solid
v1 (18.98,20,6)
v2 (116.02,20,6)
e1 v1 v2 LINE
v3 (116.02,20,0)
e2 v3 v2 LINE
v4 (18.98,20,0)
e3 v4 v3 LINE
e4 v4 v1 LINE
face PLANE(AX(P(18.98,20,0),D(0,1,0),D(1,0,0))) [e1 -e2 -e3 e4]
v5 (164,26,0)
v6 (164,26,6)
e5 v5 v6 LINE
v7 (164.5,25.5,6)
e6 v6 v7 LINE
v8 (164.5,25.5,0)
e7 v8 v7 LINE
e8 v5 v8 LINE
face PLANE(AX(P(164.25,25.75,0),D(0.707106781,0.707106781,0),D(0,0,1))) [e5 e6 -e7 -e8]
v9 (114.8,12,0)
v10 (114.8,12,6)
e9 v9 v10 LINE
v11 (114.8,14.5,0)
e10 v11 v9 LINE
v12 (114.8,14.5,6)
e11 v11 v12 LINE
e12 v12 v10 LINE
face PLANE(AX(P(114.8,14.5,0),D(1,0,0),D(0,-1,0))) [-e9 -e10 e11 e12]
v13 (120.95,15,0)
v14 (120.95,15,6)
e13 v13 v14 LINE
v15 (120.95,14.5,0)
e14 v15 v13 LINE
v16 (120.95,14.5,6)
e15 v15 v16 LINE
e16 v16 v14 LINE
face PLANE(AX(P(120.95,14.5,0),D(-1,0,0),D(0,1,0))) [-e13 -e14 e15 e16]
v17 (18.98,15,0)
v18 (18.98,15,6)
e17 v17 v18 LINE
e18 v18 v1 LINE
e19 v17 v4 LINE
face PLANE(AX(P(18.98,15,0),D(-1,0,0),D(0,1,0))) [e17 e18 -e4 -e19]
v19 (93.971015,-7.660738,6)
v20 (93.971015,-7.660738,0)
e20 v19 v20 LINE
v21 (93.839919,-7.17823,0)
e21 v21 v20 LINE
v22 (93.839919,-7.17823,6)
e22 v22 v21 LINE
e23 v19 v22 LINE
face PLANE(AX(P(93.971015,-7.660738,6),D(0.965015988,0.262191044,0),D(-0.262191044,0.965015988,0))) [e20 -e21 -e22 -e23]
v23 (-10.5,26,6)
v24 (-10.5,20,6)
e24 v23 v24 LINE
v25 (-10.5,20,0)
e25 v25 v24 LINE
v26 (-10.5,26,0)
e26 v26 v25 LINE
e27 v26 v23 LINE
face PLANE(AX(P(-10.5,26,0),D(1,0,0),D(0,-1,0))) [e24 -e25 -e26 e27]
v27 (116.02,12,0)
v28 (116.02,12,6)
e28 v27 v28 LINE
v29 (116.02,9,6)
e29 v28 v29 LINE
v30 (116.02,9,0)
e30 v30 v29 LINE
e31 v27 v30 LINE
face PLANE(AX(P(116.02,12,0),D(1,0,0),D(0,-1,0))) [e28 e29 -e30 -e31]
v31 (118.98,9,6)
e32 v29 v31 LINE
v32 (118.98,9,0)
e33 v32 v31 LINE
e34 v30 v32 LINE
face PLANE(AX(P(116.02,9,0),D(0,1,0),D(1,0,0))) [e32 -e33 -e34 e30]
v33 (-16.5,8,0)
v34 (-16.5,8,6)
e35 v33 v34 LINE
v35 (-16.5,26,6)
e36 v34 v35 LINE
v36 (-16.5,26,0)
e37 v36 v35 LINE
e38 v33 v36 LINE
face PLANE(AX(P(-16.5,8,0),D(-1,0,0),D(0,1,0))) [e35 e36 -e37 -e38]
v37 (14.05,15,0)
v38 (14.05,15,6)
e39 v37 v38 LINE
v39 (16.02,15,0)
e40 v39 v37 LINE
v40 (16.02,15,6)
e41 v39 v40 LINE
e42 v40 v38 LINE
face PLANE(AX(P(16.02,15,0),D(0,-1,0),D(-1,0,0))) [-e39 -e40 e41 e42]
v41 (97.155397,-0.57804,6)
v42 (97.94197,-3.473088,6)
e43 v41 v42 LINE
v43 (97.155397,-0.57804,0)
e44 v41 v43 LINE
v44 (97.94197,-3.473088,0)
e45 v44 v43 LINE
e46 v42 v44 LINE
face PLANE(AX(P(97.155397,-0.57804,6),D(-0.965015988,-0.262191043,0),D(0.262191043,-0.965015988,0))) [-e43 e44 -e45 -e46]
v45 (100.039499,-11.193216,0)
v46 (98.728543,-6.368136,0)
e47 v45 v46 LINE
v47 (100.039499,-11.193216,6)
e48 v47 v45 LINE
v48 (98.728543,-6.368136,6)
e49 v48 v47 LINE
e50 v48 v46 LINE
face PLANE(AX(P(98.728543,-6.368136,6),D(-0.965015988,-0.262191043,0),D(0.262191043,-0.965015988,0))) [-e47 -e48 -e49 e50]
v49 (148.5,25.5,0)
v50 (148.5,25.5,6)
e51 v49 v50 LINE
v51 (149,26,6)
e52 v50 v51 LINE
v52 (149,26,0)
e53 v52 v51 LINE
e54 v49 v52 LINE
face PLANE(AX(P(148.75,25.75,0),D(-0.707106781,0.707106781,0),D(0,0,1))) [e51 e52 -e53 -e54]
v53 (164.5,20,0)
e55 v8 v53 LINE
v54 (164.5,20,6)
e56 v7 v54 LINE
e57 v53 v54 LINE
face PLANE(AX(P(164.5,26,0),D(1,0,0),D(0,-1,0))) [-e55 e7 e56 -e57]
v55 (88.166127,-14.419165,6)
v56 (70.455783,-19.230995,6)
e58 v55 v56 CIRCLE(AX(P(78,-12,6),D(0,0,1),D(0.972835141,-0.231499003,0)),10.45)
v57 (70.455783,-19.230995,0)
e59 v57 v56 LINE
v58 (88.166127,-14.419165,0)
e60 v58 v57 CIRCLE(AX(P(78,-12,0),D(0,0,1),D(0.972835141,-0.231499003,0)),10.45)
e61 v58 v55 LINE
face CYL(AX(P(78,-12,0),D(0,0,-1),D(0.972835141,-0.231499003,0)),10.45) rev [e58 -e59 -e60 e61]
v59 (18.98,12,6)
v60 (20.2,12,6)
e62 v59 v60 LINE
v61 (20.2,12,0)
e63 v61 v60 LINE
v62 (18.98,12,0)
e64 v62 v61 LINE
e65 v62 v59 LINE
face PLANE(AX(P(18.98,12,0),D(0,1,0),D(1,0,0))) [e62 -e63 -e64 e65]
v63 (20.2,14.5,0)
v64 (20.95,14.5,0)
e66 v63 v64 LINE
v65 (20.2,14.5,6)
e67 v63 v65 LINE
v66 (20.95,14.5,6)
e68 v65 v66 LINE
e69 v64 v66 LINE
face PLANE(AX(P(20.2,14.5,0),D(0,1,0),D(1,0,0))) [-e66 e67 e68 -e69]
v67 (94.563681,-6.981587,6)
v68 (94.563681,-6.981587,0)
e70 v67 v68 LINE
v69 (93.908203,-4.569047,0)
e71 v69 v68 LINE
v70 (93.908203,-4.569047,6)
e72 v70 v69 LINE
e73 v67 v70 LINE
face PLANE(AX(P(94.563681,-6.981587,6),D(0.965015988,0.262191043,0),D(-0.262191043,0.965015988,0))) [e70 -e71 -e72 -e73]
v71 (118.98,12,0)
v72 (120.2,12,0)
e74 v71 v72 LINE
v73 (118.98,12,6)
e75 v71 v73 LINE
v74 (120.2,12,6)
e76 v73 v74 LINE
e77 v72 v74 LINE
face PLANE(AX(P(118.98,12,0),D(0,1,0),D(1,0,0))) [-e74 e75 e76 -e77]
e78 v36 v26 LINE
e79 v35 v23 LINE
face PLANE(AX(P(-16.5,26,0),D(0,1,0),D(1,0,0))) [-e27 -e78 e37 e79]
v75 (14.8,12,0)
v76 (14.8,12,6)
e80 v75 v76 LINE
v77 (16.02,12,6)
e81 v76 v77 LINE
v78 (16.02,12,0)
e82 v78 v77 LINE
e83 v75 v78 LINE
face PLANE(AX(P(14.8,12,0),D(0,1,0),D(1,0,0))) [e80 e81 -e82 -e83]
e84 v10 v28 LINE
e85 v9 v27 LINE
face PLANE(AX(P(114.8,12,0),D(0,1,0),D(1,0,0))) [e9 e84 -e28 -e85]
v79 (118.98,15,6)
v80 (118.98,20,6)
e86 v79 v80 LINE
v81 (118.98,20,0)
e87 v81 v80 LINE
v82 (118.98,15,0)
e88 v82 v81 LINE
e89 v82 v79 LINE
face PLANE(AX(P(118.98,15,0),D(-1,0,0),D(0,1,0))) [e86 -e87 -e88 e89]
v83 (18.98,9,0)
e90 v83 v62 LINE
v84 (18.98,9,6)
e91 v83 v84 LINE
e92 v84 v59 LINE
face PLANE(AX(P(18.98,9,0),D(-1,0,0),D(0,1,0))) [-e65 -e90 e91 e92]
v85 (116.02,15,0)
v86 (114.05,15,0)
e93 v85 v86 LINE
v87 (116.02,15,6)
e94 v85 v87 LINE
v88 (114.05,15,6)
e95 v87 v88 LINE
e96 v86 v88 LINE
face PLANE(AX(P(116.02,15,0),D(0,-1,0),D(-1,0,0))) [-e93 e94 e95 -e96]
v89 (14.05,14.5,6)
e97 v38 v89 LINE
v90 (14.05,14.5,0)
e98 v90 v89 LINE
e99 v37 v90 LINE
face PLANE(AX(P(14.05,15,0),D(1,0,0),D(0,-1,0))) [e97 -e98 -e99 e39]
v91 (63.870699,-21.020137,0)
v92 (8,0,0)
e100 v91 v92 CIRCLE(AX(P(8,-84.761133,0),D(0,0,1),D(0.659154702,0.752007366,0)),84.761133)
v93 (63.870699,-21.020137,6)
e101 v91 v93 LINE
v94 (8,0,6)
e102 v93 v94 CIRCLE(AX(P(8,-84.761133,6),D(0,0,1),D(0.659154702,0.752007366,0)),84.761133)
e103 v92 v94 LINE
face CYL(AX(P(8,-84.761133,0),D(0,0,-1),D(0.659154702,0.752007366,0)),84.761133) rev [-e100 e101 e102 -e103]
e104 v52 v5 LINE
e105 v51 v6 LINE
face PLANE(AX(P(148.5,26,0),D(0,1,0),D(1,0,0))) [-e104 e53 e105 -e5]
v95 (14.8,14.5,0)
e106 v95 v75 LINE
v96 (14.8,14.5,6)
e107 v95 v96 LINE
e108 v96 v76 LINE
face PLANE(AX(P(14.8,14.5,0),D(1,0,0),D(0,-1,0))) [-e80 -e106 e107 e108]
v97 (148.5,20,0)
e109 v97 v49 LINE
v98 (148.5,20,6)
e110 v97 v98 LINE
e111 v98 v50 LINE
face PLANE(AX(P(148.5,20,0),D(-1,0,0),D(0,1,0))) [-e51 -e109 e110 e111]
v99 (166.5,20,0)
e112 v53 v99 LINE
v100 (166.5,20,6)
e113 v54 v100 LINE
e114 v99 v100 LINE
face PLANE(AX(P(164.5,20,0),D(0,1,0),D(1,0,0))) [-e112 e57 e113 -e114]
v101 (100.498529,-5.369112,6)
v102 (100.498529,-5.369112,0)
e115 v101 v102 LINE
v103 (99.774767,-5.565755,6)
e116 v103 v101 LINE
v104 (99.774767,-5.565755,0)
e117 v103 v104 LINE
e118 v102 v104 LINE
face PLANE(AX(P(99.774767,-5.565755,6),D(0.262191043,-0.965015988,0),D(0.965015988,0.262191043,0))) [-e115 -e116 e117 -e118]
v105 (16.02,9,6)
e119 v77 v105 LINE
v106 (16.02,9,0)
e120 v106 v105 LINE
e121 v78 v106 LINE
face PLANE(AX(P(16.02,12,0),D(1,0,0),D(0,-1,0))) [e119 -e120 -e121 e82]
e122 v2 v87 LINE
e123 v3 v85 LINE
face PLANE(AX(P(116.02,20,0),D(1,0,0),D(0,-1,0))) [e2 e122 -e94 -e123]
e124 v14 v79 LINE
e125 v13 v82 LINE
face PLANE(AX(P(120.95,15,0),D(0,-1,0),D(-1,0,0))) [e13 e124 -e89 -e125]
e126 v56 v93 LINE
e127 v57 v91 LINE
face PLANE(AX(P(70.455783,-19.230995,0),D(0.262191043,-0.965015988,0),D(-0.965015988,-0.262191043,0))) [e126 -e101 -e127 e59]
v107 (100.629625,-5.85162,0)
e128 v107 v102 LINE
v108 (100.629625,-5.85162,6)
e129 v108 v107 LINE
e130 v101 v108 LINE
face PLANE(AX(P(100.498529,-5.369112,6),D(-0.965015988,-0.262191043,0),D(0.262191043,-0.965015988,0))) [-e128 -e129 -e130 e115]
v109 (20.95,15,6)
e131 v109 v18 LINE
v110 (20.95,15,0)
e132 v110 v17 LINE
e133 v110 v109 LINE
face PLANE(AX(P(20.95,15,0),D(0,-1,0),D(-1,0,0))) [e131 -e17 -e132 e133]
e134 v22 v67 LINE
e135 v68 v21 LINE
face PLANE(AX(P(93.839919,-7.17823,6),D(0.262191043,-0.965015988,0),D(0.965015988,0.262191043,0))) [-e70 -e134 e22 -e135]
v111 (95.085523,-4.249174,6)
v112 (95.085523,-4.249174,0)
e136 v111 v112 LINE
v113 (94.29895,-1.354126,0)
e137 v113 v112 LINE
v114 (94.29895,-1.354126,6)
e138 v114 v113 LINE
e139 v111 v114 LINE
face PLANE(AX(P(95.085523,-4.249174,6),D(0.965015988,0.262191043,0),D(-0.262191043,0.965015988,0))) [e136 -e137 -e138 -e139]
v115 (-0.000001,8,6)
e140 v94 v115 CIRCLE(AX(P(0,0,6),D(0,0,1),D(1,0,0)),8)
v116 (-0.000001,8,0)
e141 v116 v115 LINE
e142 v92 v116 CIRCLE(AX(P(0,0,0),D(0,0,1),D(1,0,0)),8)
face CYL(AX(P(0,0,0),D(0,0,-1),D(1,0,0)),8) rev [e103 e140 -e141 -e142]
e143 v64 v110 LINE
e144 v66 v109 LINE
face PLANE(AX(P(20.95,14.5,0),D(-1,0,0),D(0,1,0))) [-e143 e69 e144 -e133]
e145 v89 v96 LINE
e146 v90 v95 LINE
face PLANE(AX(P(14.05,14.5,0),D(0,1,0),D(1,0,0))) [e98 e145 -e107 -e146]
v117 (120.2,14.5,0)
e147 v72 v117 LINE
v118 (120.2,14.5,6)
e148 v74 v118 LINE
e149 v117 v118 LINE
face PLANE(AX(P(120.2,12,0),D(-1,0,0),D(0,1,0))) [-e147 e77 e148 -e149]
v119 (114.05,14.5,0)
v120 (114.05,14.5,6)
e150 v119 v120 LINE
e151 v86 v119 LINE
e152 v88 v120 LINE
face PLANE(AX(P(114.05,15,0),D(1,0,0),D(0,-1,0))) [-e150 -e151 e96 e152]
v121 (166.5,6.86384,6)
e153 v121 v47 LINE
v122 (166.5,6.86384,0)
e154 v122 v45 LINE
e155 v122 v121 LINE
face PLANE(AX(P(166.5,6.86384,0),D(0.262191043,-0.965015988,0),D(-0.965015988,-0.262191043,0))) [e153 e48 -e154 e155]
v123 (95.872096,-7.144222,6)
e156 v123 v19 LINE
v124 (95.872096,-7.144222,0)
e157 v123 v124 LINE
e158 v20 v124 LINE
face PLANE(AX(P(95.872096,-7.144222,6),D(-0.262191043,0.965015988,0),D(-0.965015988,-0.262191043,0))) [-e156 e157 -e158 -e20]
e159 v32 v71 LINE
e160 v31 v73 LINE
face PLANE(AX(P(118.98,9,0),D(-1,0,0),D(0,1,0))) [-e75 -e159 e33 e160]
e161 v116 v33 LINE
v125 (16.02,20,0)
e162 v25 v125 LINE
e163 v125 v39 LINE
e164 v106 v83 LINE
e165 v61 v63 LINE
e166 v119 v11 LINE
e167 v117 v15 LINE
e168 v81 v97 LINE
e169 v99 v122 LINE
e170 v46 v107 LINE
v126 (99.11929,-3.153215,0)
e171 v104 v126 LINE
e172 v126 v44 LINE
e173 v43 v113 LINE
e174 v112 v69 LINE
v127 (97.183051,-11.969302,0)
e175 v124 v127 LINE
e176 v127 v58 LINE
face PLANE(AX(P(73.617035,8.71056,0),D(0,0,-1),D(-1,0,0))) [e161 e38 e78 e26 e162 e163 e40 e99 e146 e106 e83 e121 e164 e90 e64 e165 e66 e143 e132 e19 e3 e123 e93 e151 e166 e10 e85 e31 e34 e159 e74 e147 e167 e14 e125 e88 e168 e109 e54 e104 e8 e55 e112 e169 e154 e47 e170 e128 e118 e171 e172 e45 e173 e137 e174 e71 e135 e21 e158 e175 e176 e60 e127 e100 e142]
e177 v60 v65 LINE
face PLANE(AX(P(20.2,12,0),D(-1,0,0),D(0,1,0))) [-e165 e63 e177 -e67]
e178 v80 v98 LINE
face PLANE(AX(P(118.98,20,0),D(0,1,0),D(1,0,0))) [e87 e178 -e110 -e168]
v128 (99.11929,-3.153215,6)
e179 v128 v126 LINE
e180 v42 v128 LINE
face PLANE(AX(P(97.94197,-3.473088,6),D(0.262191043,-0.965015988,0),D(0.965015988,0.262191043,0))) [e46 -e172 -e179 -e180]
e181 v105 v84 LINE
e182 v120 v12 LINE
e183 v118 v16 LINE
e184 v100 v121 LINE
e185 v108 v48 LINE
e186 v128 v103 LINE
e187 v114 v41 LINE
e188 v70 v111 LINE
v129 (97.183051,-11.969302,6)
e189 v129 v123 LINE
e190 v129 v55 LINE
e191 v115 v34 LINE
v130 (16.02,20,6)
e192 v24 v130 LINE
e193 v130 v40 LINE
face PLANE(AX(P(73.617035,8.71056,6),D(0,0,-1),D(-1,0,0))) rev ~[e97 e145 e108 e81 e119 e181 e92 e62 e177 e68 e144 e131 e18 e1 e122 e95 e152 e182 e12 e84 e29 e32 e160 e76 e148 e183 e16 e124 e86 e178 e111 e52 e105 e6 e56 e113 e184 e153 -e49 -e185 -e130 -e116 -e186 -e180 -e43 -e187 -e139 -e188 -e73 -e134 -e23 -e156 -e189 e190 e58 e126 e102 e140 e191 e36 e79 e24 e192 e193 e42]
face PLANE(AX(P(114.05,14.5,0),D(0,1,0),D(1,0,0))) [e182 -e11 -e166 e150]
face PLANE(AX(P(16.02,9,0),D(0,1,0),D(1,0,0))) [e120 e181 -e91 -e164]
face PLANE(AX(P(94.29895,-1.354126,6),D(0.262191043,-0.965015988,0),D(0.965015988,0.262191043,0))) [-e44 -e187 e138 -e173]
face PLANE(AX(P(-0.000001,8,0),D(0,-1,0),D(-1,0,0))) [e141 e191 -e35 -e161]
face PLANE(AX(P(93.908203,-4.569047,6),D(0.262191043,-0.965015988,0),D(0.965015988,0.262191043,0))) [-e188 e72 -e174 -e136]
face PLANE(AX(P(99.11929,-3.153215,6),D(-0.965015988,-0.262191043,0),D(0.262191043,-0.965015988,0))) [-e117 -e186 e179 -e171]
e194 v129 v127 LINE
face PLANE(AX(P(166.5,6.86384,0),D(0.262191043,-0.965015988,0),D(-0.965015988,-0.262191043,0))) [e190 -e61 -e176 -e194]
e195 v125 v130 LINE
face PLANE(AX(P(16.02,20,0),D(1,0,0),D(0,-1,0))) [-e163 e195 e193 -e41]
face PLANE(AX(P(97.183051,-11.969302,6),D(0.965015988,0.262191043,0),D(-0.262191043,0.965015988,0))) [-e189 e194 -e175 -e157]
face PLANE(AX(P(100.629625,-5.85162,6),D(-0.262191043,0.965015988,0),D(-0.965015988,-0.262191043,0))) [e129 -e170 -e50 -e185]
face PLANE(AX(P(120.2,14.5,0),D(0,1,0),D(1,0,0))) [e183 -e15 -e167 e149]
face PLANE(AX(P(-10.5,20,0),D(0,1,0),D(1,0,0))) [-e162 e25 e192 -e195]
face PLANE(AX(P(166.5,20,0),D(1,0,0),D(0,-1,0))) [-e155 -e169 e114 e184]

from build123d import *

# Parameters (mm, degrees)
BOSS_EXTRUDE1_DEPTH = 6
CHAMFER2_SIZE       = 0.5
CUT_EXTRUDE1_DEPTH  = 7


with BuildPart() as part:
    # Sketch1 → Boss-Extrude1 (new body)
    with BuildSketch(Plane.XY):
        with BuildLine():
            Line((116.02, 20), (116.02, 15))
            Line((116.02, 15), (114.05, 15))
            Line((114.05, 15), (114.05, 14.5))
            Line((114.05, 14.5), (114.8, 14.5))
            Line((114.8, 14.5), (114.8, 12))
            Line((114.8, 12), (116.02, 12))
            Line((116.02, 12), (116.02, 9))
            Line((116.02, 9), (118.98, 9))
            Line((118.98, 9), (118.98, 12))
            Line((118.98, 12), (120.2, 12))
            Line((120.2, 12), (120.2, 14.5))
            Line((120.2, 14.5), (120.95, 14.5))
            Line((120.95, 14.5), (120.95, 15))
            Line((120.95, 15), (118.98, 15))
            Line((118.98, 15), (118.98, 20))
            Line((118.98, 20), (148.5, 20))
            Line((148.5, 20), (148.5, 26))
            Line((148.5, 26), (164.5, 26))
            Line((164.5, 26), (164.5, 20))
            Line((164.5, 20), (166.5, 20))
            Line((166.5, 20), (166.5, 6.863840125))
            Line((166.5, 6.863840125), (88.166127224, -14.419164582))
            ThreePointArc((88.166127224, -14.419164582), (75.2601036, -1.915582926), (70.455783207, -19.230995297))
            Line((70.455783207, -19.230995297), (63.870699409, -21.020136629))
            ThreePointArc((63.870699409, -21.020136629), (37.847031663, -5.428892585), (8, 0))
            ThreePointArc((8, 0), (5.656854017, 5.656854482), (-6.59e-07, 8))
            Line((-6.59e-07, 8), (-16.5, 8))
            Line((-16.5, 8), (-16.5, 26))
            Line((-16.5, 26), (-10.5, 26))
            Line((-10.5, 26), (-10.5, 20))
            Line((-10.5, 20), (16.02, 20))
            Line((16.02, 20), (16.02, 15))
            Line((16.02, 15), (14.05, 15))
            Line((14.05, 15), (14.05, 14.5))
            Line((14.05, 14.5), (14.8, 14.5))
            Line((14.8, 14.5), (14.8, 12))
            Line((14.8, 12), (16.02, 12))
            Line((16.02, 12), (16.02, 9))
            Line((16.02, 9), (18.98, 9))
            Line((18.98, 9), (18.98, 12))
            Line((18.98, 12), (20.2, 12))
            Line((20.2, 12), (20.2, 14.5))
            Line((20.2, 14.5), (20.95, 14.5))
            Line((20.95, 14.5), (20.95, 15))
            Line((20.95, 15), (18.98, 15))
            Line((18.98, 15), (18.98, 20))
            Line((18.98, 20), (116.02, 20))
        make_face()
    extrude(amount=BOSS_EXTRUDE1_DEPTH)

    # Chamfer2
    chamfer2_edges = [part.edges().sort_by_distance(p)[0] for p in [
        (148.5, 26, 3),
        (164.5, 26, 3),
    ]]
    chamfer(chamfer2_edges, length=CHAMFER2_SIZE)

    # Sketch2 → Cut-Extrude1 (cut, through all)
    with BuildSketch(Plane.XY.offset(6)):
        Polygon((100.039498636, -11.193216334), (97.183051312, -11.969301821), (95.872096096, -7.144221882), (93.9710146, -7.660738237), (93.839919078, -7.178230243), (94.563681069, -6.981586961), (93.908203462, -4.569046991), (95.085522967, -4.249173918), (94.298949838, -1.354125954), (97.155397162, -0.578040467), (97.941970291, -3.473088431), (99.119289796, -3.153215358), (99.774767404, -5.565755328), (100.498529395, -5.369112046), (100.629624916, -5.851620039), (98.72854342, -6.368136394), align=None)
    extrude(amount=-CUT_EXTRUDE1_DEPTH, mode=Mode.SUBTRACT)


solid = part.part
